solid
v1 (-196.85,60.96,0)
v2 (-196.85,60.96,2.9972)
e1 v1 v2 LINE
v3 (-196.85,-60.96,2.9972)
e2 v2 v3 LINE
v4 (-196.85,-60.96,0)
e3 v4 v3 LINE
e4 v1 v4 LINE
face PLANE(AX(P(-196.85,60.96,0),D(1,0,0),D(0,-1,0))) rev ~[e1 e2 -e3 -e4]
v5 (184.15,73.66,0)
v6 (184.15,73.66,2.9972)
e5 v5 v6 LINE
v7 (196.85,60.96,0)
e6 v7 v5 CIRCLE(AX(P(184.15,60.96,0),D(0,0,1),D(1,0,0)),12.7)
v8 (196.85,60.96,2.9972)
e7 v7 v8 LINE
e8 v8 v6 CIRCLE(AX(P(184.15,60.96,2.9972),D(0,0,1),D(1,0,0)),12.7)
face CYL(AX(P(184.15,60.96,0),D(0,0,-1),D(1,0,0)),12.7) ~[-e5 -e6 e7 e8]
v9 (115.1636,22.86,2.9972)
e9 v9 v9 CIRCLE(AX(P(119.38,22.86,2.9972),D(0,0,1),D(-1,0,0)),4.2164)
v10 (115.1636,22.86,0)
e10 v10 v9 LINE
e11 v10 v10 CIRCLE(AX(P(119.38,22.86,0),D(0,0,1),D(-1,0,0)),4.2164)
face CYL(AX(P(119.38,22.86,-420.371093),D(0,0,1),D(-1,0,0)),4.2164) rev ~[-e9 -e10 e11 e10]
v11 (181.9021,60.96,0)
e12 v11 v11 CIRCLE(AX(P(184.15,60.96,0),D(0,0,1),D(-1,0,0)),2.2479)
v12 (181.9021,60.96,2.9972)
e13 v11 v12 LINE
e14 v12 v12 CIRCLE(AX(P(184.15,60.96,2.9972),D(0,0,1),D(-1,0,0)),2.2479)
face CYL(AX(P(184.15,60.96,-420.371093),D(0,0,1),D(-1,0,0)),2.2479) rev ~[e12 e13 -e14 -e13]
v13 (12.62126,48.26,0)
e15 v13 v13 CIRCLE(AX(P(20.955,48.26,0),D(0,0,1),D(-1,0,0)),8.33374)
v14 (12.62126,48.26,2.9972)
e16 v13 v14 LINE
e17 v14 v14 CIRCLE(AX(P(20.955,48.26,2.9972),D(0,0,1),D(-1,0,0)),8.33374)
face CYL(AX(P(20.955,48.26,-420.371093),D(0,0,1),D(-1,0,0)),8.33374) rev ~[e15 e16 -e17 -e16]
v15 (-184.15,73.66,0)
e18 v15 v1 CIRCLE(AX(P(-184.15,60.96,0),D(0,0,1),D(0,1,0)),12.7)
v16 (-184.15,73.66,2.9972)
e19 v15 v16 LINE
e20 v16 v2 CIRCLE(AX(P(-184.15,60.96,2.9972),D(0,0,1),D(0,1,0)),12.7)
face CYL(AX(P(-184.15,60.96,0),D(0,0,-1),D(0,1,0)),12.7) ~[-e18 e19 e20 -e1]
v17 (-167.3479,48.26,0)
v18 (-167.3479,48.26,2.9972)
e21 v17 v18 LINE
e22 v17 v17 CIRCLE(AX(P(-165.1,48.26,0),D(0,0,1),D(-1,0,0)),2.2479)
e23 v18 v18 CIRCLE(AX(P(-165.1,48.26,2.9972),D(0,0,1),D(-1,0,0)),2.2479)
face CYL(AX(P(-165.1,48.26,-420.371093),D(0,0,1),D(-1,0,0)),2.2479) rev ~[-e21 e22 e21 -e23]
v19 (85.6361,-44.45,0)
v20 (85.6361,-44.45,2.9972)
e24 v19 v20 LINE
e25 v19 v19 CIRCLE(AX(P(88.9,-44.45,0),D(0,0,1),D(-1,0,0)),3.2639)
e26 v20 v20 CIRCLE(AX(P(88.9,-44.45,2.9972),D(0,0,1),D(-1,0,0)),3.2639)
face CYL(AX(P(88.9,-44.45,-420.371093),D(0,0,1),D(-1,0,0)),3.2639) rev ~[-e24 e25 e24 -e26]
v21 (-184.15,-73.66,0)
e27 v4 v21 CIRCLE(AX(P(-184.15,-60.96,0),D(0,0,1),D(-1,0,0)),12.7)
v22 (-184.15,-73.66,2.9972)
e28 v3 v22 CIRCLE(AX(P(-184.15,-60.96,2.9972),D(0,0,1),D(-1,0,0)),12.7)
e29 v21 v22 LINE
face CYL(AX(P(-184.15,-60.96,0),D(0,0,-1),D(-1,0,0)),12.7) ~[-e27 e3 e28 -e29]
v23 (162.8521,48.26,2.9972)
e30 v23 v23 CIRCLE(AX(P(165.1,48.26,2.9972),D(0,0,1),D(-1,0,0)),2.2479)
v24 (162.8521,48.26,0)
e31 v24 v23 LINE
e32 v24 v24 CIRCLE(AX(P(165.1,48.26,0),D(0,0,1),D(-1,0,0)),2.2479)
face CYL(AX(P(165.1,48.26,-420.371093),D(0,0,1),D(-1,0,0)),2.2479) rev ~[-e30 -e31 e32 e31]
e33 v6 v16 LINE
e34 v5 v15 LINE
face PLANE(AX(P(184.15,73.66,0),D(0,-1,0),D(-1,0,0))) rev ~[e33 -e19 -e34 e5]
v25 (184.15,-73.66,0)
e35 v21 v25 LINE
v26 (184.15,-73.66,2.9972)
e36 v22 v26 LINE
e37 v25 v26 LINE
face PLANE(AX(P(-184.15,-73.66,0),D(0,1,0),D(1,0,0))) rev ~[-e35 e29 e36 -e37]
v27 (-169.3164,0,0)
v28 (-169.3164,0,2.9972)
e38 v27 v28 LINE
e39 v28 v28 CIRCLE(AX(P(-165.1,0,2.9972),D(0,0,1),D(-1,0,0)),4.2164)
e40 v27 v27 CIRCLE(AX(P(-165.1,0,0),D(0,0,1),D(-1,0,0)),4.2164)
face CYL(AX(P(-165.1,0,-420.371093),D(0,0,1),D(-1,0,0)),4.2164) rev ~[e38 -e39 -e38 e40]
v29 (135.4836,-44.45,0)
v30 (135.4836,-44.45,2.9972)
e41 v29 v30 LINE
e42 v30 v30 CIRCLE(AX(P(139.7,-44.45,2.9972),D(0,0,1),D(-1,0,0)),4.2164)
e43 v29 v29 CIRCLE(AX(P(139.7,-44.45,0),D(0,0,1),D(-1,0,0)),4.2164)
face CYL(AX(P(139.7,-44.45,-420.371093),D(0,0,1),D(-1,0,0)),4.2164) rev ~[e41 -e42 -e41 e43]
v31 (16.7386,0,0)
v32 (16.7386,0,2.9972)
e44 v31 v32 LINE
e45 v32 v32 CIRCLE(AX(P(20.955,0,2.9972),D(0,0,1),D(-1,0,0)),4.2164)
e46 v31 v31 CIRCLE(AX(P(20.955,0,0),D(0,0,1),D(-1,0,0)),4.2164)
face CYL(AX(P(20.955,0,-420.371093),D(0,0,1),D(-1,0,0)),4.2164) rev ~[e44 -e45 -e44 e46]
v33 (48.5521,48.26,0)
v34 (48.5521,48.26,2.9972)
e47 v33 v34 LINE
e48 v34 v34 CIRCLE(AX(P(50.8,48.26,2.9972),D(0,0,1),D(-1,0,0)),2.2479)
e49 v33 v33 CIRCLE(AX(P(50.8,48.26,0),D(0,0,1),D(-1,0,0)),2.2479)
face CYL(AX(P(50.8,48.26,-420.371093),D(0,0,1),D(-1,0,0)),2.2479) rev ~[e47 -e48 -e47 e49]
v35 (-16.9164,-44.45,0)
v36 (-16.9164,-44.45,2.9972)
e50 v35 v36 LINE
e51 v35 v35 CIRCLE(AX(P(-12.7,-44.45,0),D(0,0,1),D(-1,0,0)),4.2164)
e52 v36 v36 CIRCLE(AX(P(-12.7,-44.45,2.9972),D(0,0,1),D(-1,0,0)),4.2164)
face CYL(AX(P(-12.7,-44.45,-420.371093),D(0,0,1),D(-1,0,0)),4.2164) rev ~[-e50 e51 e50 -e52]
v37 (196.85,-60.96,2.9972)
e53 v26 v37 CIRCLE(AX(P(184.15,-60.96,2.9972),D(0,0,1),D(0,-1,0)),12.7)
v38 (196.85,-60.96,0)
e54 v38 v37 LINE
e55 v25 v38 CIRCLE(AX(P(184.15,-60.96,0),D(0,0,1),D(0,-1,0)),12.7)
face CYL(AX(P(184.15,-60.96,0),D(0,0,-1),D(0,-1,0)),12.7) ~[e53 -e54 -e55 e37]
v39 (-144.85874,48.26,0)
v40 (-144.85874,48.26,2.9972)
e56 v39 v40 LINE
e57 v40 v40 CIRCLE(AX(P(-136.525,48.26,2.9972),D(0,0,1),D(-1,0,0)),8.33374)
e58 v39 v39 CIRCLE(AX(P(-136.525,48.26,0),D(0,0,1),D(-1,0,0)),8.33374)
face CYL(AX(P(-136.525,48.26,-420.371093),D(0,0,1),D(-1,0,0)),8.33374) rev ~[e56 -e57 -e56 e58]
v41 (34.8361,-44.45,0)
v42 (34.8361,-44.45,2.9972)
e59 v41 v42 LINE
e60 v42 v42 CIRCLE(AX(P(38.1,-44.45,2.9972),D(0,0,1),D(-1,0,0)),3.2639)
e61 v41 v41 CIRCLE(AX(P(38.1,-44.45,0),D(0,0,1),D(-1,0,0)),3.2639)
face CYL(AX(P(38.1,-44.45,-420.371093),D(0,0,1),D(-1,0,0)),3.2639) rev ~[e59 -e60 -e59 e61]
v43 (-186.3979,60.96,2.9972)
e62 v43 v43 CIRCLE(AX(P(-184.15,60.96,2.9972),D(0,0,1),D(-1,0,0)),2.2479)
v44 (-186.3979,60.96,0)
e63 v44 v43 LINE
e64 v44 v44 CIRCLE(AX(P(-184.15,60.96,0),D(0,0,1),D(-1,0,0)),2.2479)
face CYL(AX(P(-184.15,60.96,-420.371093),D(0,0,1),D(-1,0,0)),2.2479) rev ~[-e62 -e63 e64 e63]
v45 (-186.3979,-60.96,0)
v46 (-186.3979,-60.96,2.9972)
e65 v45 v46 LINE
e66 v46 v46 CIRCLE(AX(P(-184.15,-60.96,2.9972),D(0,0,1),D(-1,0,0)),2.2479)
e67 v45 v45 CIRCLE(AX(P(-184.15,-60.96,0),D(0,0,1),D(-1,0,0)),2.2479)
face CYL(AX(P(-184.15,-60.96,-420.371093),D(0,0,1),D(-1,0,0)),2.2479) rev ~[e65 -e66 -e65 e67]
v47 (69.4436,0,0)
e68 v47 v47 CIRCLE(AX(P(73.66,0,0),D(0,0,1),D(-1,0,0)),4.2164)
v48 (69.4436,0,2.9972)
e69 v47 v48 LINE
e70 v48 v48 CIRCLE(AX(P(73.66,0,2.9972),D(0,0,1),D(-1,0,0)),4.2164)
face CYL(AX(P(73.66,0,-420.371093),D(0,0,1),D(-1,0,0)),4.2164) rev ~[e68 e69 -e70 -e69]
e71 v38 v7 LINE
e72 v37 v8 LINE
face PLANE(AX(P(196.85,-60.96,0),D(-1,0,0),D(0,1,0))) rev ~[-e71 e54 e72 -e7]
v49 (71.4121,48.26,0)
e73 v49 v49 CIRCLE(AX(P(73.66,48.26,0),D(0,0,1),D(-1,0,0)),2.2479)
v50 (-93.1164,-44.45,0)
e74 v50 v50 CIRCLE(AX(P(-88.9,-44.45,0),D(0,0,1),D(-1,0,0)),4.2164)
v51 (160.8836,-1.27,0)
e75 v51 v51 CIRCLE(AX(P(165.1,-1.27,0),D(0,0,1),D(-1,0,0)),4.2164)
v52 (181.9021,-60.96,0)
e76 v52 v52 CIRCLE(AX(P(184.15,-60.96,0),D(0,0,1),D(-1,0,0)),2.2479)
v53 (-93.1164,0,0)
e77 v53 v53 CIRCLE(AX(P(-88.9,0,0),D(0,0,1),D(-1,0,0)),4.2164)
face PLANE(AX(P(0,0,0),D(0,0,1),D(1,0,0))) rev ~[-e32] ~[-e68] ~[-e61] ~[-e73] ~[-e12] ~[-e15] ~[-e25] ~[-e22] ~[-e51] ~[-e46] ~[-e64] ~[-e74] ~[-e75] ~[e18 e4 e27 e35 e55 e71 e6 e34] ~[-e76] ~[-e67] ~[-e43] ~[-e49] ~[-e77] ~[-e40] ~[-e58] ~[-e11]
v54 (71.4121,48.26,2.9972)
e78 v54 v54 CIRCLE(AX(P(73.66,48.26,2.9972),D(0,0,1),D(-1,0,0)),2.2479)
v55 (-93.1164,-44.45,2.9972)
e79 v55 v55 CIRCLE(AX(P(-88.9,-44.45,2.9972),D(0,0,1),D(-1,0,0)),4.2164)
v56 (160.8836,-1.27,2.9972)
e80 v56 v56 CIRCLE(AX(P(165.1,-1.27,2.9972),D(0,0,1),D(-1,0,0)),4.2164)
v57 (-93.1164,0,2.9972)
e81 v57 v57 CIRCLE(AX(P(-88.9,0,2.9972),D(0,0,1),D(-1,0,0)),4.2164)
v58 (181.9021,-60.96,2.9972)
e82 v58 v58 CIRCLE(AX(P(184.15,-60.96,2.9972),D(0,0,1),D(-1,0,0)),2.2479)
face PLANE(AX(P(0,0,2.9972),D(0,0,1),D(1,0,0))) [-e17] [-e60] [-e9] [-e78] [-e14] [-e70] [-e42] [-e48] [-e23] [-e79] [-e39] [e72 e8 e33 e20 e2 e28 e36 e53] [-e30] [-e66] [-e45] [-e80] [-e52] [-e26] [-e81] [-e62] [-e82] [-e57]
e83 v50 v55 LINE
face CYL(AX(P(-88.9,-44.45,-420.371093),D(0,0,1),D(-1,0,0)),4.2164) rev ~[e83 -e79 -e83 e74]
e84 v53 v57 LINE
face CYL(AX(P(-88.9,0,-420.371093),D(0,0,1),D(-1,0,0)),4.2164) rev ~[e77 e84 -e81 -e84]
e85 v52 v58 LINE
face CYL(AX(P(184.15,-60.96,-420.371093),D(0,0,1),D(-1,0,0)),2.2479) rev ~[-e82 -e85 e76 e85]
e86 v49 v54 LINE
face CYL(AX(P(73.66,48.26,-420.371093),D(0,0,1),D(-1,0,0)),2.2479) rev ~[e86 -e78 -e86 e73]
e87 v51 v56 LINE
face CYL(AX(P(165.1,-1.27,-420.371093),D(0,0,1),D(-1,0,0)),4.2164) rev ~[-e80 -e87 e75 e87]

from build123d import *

# Parameters (mm, degrees)
F1_DEPTH = 2.9972
F2_D     = 4.4958
F3_D     = 16.66748
F4_D     = 8.4328
F5_D     = 6.5278


with BuildPart() as f1:
    # F0 (on Top) → F1 (new body)
    with BuildSketch(Plane.XY):
        with BuildLine():
            ThreePointArc((196.85, 60.96), (193.1302561211, 69.9402561211), (184.15, 73.66))
            Line((184.15, 73.66), (-184.15, 73.66))
            ThreePointArc((-184.15, 73.66), (-193.1302561211, 69.9402561211), (-196.85, 60.96))
            Line((-196.85, 60.96), (-196.85, -60.96))
            ThreePointArc((-196.85, -60.96), (-193.1302561211, -69.9402561211), (-184.15, -73.66))
            Line((-184.15, -73.66), (184.15, -73.66))
            ThreePointArc((184.15, -73.66), (193.1302561211, -69.9402561211), (196.85, -60.96))
            Line((196.85, -60.96), (196.85, 60.96))
        make_face()
    extrude(amount=F1_DEPTH)

    # F2 (through all)
    with Locations(Plane(origin=(0, 0, 0), x_dir=(1, 0, 0), z_dir=(0, 0, -1))):
        with Locations((165.1, -48.26), (73.66, -48.26), (50.8, -48.26), (-165.1, -48.26), (-184.15, -60.96), (-184.15, 60.96), (184.15, 60.96), (184.15, -60.96)):
            Hole(F2_D / 2)

    # F3 (through all)
    with Locations(Plane(origin=(0, 0, 0), x_dir=(1, 0, 0), z_dir=(0, 0, -1))):
        with Locations((20.955, -48.26), (-136.525, -48.26)):
            Hole(F3_D / 2)

    # F4 (through all)
    with Locations(Plane(origin=(0, 0, 0), x_dir=(1, 0, 0), z_dir=(0, 0, -1))):
        with Locations((165.1, 1.27), (73.66, 0), (20.955, 0), (-88.9, 0), (139.7, 44.45), (-88.9, 44.45), (-165.1, 0), (119.38, -22.86), (-12.7, 44.45)):
            Hole(F4_D / 2)

    # F5 (through all)
    with Locations(Plane(origin=(0, 0, 0), x_dir=(1, 0, 0), z_dir=(0, 0, -1))):
        with Locations((38.1, 44.45), (88.9, 44.45)):
            Hole(F5_D / 2)


solid = f1.part
